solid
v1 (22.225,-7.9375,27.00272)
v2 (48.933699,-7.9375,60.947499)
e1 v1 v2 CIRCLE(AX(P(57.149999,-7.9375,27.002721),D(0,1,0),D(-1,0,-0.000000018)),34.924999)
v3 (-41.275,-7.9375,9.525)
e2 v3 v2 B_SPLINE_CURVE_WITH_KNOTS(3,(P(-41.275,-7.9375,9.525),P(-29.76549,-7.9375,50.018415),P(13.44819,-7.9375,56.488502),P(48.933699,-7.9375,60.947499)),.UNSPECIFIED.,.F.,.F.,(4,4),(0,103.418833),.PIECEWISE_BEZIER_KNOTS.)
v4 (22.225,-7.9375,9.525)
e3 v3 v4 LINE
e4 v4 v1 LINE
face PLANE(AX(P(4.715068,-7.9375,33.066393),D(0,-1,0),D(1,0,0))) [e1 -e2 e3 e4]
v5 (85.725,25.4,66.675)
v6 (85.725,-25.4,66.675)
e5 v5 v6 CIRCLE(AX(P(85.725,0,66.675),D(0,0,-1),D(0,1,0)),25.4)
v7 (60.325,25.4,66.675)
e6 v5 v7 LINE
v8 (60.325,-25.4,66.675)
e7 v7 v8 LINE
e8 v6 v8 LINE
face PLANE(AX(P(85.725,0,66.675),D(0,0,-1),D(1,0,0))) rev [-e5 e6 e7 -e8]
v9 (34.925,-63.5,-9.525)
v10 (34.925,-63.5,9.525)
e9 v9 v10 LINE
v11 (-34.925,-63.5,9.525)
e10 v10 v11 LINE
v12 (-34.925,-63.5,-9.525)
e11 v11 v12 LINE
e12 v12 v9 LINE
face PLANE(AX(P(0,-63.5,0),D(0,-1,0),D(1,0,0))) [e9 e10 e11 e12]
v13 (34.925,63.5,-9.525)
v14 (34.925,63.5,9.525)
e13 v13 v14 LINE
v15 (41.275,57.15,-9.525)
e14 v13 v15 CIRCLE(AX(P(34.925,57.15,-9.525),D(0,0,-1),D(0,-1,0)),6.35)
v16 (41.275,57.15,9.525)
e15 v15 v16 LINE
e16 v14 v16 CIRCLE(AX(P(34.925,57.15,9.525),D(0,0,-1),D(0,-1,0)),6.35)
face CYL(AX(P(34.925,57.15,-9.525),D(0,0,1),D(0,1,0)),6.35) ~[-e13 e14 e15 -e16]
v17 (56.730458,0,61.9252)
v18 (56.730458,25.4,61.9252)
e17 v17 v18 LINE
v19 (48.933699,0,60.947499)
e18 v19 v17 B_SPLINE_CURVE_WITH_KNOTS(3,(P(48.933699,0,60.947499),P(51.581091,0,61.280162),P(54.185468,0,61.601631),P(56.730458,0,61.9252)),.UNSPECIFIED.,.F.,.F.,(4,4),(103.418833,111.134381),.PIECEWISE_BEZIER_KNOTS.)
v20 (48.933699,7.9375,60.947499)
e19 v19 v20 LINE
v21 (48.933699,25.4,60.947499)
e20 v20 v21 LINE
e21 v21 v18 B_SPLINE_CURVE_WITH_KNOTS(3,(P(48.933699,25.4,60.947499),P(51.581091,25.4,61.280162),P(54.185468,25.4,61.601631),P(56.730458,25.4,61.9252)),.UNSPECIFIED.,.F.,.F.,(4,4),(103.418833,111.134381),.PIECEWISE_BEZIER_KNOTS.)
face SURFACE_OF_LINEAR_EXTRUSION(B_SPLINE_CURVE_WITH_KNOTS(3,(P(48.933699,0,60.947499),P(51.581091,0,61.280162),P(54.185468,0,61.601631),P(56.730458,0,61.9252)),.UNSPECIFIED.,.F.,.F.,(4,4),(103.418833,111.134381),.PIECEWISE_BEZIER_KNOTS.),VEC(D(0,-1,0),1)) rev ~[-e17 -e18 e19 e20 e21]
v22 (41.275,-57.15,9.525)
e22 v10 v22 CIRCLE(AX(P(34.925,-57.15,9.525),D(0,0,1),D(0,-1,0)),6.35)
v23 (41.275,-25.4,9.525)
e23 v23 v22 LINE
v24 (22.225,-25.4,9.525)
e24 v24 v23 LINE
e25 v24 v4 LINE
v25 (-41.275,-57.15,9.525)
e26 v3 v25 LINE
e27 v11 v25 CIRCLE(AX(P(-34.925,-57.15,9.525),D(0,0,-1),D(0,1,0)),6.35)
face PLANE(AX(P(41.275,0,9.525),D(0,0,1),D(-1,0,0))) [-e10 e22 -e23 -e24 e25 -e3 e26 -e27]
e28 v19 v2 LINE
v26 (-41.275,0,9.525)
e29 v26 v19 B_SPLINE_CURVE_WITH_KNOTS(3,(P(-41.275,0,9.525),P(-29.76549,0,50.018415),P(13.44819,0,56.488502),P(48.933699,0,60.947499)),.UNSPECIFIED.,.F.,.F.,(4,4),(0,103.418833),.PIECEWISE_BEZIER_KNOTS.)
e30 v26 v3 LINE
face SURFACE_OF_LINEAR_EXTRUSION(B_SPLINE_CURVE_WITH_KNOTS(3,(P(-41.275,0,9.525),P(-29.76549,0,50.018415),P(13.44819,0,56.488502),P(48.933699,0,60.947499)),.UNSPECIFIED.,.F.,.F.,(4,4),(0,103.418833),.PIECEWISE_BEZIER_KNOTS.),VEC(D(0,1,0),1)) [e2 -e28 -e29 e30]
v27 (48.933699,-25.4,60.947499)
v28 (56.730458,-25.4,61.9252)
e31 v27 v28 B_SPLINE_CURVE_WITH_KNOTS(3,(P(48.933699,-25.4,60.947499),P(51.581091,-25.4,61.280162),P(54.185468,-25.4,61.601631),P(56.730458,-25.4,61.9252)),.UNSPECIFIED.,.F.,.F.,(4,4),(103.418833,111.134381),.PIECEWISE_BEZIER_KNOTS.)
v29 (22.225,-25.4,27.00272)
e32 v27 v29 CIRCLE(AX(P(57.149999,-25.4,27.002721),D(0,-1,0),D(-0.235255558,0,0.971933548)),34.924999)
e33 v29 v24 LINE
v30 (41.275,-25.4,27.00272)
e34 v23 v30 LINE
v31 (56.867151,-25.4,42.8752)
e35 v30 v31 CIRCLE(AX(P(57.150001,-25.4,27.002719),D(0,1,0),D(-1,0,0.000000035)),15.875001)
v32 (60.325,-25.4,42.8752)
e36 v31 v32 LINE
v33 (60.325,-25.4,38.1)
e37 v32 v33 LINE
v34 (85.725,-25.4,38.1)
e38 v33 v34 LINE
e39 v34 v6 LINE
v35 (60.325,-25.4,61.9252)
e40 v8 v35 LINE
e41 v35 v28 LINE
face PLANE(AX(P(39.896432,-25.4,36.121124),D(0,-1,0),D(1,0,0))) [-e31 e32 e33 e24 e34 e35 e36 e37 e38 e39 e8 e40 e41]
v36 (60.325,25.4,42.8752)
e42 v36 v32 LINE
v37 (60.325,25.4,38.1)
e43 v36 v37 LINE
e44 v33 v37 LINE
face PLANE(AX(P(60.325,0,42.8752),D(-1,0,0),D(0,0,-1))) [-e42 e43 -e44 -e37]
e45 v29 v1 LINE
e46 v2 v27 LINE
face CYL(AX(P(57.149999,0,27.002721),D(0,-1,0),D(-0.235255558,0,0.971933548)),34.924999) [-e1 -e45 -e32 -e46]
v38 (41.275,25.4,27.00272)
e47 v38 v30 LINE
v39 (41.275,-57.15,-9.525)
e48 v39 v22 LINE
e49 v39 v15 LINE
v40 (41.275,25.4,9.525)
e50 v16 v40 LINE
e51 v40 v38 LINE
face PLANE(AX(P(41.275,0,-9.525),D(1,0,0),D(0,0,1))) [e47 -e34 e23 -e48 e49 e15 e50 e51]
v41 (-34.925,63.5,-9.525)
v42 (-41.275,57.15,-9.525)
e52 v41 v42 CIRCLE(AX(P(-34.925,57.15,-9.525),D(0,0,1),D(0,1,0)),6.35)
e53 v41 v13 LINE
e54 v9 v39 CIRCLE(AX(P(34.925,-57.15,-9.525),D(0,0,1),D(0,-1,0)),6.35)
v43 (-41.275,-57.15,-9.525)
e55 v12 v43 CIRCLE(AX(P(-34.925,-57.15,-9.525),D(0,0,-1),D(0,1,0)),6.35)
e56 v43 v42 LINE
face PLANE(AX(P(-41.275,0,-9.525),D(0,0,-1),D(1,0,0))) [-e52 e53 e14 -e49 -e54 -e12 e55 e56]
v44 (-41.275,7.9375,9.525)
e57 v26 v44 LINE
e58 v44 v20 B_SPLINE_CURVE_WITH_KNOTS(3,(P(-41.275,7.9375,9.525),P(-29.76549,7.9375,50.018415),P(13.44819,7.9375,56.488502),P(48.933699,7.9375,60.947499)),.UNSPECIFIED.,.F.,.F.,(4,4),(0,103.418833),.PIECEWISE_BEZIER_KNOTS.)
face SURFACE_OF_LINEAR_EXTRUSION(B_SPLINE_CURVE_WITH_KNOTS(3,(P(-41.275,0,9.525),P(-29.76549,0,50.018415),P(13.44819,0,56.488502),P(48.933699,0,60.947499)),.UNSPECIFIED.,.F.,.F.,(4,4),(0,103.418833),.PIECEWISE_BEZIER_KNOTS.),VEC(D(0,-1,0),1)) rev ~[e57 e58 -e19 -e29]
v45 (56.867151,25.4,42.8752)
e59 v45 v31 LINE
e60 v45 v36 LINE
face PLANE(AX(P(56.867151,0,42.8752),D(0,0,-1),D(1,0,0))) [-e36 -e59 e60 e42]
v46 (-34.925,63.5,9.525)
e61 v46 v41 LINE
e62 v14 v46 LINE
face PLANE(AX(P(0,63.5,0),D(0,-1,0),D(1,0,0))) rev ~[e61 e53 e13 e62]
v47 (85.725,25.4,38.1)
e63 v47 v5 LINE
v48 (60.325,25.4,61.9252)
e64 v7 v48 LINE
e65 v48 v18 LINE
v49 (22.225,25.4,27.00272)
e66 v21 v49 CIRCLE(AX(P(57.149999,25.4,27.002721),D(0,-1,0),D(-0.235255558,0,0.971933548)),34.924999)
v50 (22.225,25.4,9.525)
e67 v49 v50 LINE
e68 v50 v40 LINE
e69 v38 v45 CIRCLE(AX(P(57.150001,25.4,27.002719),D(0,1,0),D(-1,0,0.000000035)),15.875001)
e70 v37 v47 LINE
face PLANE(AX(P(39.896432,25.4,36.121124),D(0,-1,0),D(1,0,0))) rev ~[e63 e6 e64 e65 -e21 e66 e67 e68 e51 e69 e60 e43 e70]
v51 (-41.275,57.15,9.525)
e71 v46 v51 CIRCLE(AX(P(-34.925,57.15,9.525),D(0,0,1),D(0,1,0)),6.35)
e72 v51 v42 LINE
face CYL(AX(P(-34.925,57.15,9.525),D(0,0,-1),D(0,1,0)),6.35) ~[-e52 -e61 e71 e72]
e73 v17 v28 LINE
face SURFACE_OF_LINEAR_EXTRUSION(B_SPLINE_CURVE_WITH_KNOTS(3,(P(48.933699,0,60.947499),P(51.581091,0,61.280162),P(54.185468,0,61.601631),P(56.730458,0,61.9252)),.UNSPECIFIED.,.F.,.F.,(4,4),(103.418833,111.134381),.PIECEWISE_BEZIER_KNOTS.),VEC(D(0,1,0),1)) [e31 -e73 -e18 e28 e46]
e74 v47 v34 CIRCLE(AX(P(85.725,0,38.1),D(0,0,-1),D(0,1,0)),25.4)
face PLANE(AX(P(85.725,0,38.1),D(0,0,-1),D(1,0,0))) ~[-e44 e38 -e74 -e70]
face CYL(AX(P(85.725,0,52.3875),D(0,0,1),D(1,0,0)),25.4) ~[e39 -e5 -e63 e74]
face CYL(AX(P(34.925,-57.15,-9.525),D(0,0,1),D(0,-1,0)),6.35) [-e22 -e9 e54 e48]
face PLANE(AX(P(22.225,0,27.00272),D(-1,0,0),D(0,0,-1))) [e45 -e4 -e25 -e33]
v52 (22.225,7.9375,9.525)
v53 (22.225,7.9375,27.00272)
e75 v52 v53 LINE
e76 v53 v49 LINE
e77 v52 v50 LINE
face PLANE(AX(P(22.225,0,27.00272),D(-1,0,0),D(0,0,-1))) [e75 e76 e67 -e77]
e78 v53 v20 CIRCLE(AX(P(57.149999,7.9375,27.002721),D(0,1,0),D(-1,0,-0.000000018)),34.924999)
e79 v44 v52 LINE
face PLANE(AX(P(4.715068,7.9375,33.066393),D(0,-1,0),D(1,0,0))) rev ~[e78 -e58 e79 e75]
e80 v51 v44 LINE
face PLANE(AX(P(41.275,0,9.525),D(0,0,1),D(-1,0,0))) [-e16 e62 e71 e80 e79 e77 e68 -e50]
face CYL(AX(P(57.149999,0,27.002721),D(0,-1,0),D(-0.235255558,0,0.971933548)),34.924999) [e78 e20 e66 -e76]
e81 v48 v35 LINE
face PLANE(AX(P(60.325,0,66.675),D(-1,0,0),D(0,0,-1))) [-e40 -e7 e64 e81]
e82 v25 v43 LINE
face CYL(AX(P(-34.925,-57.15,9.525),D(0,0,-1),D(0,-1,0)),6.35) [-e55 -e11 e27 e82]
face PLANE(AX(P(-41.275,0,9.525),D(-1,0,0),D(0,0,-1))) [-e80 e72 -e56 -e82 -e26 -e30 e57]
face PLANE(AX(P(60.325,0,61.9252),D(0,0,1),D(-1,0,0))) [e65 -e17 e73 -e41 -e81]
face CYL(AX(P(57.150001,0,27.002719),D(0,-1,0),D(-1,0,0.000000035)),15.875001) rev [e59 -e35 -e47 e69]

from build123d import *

# Parameters (mm, degrees)
F1_DEPTH = 63.5
F2_DEPTH = 25.4
F3_DEPTH = 7.9375
F0_W     = 25.4
F0_H     = 28.575
F5_R     = 6.35


with BuildPart() as f1:
    # F0 (on Front) → F1 (new body, symmetric)
    with BuildSketch(Plane.XZ):
        Polygon((41.275, -9.525), (41.275, 9.525), (22.225, 9.525), (-41.275, 9.525), (-41.275, -9.525), align=None)
    extrude(amount=F1_DEPTH, both=True)

    # F0 (on Front) → F2 (join, symmetric)
    with BuildSketch(Plane.XZ):
        with BuildLine():
            Line((22.225, 9.525), (41.275, 9.525))
            Line((41.275, 9.525), (41.275, 27.00272))
            ThreePointArc((41.275, 27.00272), (45.825119, 38.127588), (56.867151, 42.8752))
            Line((56.867151, 42.8752), (60.325, 42.8752))
            Line((60.325, 42.8752), (60.325, 61.9252))
            Line((60.325, 61.9252), (56.730458, 61.9252))
            add(Edge.make_bspline(
                [(48.933699, 60.947499), (51.581091, 61.280162), (54.185468, 61.601631), (56.730458, 61.9252)],
                knots=[103.418833, 103.418833, 103.418833, 103.418833, 111.134381, 111.134381, 111.134381, 111.134381], degree=3))
            ThreePointArc((48.933699, 60.947499), (29.702687, 48.599031), (22.225, 27.00272))
            Line((22.225, 27.00272), (22.225, 9.525))
        make_face()
        Polygon((60.325, 61.9252), (60.325, 42.8752), (60.325, 38.1), (85.725, 38.1), (85.725, 66.675), (60.325, 66.675), align=None)
    extrude(amount=F2_DEPTH, both=True)

    # F0 (on Front) → F3 (join, symmetric)
    with BuildSketch(Plane.XZ):
        with BuildLine():
            Line((-41.275, 9.525), (22.225, 9.525))
            Line((22.225, 9.525), (22.225, 27.00272))
            ThreePointArc((22.225, 27.00272), (29.702687, 48.599031), (48.933699, 60.947499))
            add(Edge.make_bspline(
                [(-41.275, 9.525), (-29.76549, 50.018415), (13.44819, 56.488502), (48.933699, 60.947499)],
                knots=[0, 0, 0, 0, 103.418833, 103.418833, 103.418833, 103.418833], degree=3))
        make_face()
    extrude(amount=F3_DEPTH, both=True)

    # F0 (on Front) → F4 (revolve)
    with BuildSketch(Plane.XZ):
        with Locations((98.425, 52.3875)):
            Rectangle(F0_W, F0_H)
    revolve(axis=Axis((85.725, 0, 52.3875), (0, 0, -1)))

    # F5
    f5_edges = [f1.edges().sort_by_distance(p)[0] for p in [
        (-41.275, -63.5, 0),
        (41.275, -63.5, 0),
        (41.275, 63.5, 0),
        (-41.275, 63.5, 0),
    ]]
    fillet(f5_edges, radius=F5_R)


solid = f1.part
